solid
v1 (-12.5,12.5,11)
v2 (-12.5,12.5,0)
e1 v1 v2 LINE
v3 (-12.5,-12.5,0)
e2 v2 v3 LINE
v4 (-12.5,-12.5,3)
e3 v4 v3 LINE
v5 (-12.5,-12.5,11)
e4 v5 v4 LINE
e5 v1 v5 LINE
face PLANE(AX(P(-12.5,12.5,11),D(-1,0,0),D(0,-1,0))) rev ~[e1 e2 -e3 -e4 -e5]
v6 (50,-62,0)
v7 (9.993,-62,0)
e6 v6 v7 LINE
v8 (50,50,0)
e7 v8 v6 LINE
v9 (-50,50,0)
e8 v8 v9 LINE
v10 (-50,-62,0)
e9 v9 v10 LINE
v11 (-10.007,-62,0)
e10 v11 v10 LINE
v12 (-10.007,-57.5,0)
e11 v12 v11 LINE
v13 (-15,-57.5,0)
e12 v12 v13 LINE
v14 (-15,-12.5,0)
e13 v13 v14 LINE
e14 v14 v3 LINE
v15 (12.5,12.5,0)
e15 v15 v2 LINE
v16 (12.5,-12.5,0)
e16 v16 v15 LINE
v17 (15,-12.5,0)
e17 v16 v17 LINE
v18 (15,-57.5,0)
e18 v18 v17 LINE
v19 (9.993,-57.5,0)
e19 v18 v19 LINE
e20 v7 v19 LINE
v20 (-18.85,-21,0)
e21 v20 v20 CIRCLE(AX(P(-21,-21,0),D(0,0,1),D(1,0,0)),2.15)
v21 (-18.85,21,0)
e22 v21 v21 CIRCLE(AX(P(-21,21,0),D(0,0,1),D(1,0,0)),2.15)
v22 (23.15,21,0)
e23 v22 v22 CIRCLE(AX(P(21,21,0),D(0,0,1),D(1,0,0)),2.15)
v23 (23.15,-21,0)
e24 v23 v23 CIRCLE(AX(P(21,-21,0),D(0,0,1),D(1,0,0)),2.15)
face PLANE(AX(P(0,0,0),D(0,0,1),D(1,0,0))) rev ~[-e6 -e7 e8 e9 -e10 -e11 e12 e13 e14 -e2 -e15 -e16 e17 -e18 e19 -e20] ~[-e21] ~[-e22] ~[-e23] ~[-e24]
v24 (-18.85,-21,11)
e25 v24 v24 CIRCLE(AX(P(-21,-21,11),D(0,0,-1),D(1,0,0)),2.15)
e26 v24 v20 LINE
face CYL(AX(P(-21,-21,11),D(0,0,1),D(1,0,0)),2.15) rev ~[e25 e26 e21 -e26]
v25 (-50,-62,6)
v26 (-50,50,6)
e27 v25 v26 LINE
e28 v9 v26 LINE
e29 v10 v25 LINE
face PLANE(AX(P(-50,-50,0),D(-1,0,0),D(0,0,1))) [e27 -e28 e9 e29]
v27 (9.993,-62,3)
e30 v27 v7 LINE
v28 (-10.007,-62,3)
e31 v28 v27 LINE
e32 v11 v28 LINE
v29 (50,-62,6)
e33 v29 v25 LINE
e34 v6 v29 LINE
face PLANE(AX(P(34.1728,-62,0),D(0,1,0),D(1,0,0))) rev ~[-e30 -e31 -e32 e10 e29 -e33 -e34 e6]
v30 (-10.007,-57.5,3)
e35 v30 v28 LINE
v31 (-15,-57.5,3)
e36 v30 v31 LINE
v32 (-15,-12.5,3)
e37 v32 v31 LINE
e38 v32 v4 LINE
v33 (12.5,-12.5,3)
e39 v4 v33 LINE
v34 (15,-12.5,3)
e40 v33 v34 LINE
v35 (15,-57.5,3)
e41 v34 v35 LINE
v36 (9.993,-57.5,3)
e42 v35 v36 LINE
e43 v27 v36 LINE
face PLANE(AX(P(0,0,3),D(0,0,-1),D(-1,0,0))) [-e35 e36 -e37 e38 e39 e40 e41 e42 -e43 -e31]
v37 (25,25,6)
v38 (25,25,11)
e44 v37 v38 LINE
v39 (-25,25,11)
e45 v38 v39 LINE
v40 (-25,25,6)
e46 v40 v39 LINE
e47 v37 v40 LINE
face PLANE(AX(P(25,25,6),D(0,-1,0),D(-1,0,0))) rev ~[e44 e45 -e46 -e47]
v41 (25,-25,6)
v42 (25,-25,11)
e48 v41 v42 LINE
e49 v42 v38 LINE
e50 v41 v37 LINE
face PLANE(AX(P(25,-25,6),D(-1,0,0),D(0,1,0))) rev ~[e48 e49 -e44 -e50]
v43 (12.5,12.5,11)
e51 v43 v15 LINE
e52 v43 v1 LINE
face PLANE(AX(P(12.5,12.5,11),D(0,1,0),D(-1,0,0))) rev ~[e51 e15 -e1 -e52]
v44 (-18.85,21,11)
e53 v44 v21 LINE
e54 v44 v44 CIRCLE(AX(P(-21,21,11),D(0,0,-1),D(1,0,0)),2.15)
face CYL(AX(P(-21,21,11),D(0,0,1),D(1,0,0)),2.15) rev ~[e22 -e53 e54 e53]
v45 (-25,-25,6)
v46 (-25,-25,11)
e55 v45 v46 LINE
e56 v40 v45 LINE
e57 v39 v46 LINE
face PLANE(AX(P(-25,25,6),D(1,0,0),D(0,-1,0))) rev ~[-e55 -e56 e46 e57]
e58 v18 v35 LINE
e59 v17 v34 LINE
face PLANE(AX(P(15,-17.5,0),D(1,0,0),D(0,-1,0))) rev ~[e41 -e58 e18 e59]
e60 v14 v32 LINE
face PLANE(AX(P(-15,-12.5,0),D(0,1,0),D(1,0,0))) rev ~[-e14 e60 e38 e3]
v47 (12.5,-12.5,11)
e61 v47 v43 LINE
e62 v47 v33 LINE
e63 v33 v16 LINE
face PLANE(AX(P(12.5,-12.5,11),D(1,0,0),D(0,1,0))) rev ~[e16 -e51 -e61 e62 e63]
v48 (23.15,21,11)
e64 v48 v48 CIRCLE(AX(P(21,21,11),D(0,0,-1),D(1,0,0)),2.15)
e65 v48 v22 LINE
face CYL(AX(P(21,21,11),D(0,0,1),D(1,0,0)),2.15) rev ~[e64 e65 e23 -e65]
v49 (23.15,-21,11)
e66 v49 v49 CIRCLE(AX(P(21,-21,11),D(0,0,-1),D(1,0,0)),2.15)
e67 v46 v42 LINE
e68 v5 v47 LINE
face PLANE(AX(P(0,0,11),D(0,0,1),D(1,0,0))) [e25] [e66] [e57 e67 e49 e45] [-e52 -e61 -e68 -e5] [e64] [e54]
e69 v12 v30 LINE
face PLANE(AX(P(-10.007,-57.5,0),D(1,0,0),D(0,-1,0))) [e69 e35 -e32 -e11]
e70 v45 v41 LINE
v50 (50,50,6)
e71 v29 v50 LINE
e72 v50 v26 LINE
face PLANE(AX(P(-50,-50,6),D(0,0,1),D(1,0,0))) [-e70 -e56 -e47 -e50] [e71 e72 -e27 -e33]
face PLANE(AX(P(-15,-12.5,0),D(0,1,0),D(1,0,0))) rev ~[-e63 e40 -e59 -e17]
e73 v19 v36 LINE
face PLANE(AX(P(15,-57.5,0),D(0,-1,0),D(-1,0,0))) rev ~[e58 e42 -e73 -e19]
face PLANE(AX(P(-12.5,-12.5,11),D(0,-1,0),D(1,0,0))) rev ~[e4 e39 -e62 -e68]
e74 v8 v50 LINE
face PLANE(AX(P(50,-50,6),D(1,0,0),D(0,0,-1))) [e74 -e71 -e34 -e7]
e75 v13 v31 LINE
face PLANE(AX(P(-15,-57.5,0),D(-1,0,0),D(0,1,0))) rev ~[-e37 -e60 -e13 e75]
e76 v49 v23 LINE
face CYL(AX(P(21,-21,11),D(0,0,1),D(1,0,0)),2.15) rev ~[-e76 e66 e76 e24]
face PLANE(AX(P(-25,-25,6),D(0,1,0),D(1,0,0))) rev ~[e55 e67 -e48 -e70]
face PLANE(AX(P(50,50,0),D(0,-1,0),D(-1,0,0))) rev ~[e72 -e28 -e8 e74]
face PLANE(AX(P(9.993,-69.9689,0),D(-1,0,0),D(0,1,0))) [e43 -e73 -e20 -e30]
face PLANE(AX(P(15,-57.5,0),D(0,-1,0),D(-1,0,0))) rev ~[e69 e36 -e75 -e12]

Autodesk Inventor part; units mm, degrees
ref_plane "YZ Plane" through (0, 0, 0) normal (1, 0, 0) x (0, 1, 0)
ref_plane "XZ Plane" through (0, 0, 0) normal (0, 1, 0) x (-1, 0, 0)
ref_plane "XY Plane" through (0, 0, 0) normal (0, 0, 1) x (1, 0, 0)
sketch "草图1" plane through (0, 0, 0) normal (0, 0, 1) x (1, 0, 0)
  line L0 (-50, -50) -> (50, -50)
  line L1 (50, -50) -> (50, 50)
  line L2 (50, 50) -> (-50, 50)
  line L3 (-50, 50) -> (-50, -50)
  line L4 (-50, -50) -> (50, 50) construction
  line L5 (50, -50) -> (-50, 50) construction
  point P0 (0, 0)
  dimension "d0" = 100
  dimension "d1" = 100
extrude "拉伸1" add sketch "草图1" along normal blind 6
sketch "草图2" plane through (0, 0, 6) normal (0, 0, 1) x (1, 0, 0)
  line L0 (-25, -25) -> (25, -25)
  line L1 (25, -25) -> (25, 25)
  line L2 (25, 25) -> (-25, 25)
  line L3 (-25, 25) -> (-25, -25)
  line L4 (-25, -25) -> (25, 25) construction
  line L5 (25, -25) -> (-25, 25) construction
  point P0 (0, 0)
  dimension "d4" = 50
  dimension "d5" = 50
extrude "拉伸2" add sketch "草图2" along normal blind 5
sketch "草图3" plane through (0, 0, 11) normal (0, 0, 1) x (1, 0, 0)
  line L0 (-17.5, -17.5) -> (17.5, -17.5)
  line L1 (17.5, -17.5) -> (17.5, 17.5)
  line L2 (17.5, 17.5) -> (-17.5, 17.5)
  line L3 (-17.5, 17.5) -> (-17.5, -17.5)
  line L4 (-17.5, -17.5) -> (17.5, 17.5) construction
  line L5 (17.5, -17.5) -> (-17.5, 17.5) construction
  point P0 (0, 0)
  dimension "d8" = 35
  dimension "d9" = 35
extrude "拉伸3" cut sketch "草图3" against normal through all
sketch "草图4" plane through (0, 0, 11) normal (0, 0, 1) x (1, 0, 0)
  line L0 (-21, -21) -> (21, -21)
  line L1 (21, -21) -> (21, 21)
  line L2 (21, 21) -> (-21, 21)
  line L3 (-21, 21) -> (-21, -21)
  line L4 (-21, -21) -> (21, 21) construction
  line L5 (21, -21) -> (-21, 21) construction
  circle A0 centre (21, 21) radius 2.15
  circle A1 centre (-21, 21) radius 2.15
  circle A2 centre (21, -21) radius 2.15
  circle A3 centre (-21, -21) radius 2.15
  point P0 (0, 0)
  dimension "d12" = 42
  dimension "d13" = 42
  dimension "d14" = 4.3
  dimension "d15" = 4.3
  dimension "d16" = 4.3
  dimension "d17" = 4.3
extrude "拉伸4" cut sketch "草图4" against normal through all contours L3 A3 L0 | L0 A3 L3 | A2 L1 L0 | L0 L1 A2 | A1 L2 L3 | L3 L2 A1 | A0 L2 L1 | L1 L2 A0
sketch "草图5" plane through (0, 0, 0) normal (0, 0, -1) x (-1, 0, 0)
  line L0 (15, 22.5) -> (-15, 22.5)
  line L1 (-15, -17.5) -> (-15, -57.5)
  line L2 (-15, -57.5) -> (15, -57.5)
  line L3 (15, -57.5) -> (15, -17.5)
  line L4 (17.5, -17.5) -> (-17.5, -17.5) projected
  line L5 (15, 22.5) -> (-15, -57.5) construction
  line L6 (-15, 22.5) -> (15, -57.5) construction
  line L7 (-15, -17.5) -> (15, -17.5)
  line L8 (12.5, -12.5) -> (-12.5, -12.5)
  line L9 (-12.5, -12.5) -> (-12.5, 12.5)
  line L10 (-12.5, 12.5) -> (12.5, 12.5)
  line L11 (12.5, 12.5) -> (12.5, -12.5)
  line L12 (12.5, -12.5) -> (-12.5, 12.5) construction
  line L13 (-12.5, -12.5) -> (12.5, 12.5) construction
  line L14 (17.5, -17.5) -> (-17.5, -17.5)
  line L15 (-17.5, -17.5) -> (-17.5, 17.5)
  line L16 (-17.5, 17.5) -> (17.5, 17.5)
  line L17 (17.5, 17.5) -> (17.5, -17.5)
  line L18 (17.5, -17.5) -> (-17.5, 17.5) construction
  line L19 (-17.5, -17.5) -> (17.5, 17.5) construction
  point P0 (0, 0)
  point P1 (0, -17.5)
  dimension "d20" = 30
  dimension "d21" = 80
  dimension "d22" = 30
  dimension "d23" = 40
  dimension "d31" = 25
  dimension "d32" = 25
sketch "草图6" plane through (-50, -50, 0) normal (0, -1, 0) x (1, 0, 0)
  line L0 (0, 0) -> (0, 6) projected
  line L1 (100, 0) -> (0, 0)
  line L2 (0, 0) -> (0, 6)
  line L3 (0, 6) -> (100, 6)
  line L4 (100, 6) -> (100, 0)
  point P0 (50, 0)
extrude "拉伸5" add sketch "草图6" along normal blind 15
sketch "草图7" plane through (0, 0, 0) normal (0, 0, -1) x (-1, 0, 0)
  point P0 (0, 0)
extrude "拉伸6" cut sketch "草图5" against normal blind 3 contours L4 L3 L2 L1
sketch "草图8" plane through (0, 0, 0) normal (0, 0, -1) x (-1, 0, 0)
  line L0 (15, -57.5) -> (-15, -57.5) projected
  line L1 (-9.993, -57.5) -> (10.007, -57.5)
  line L2 (10.007, -57.5) -> (10.007, -69.9689)
  line L3 (10.007, -69.9689) -> (-9.993, -69.9689)
  line L4 (-9.993, -69.9689) -> (-9.993, -57.5)
  line L5 (10.007, -69.9689) -> (0.007, -69.9689)
  point P0 (0, 0)
  dimension "d28" = 20
extrude "拉伸7" cut sketch "草图8" against normal blind 3
sketch "草图9" plane through (0, 0, 11) normal (0, 0, 1) x (1, 0, 0)
  line L0 (17.5, 17.5) -> (17.5, -17.5) projected
  line L1 (-17.5, -17.5) -> (17.5, -17.5)
  line L2 (17.5, -17.5) -> (17.5, 17.5)
  line L3 (17.5, 17.5) -> (-17.5, 17.5)
  line L4 (-17.5, 17.5) -> (-17.5, -17.5)
  line L5 (-17.5, -17.5) -> (17.5, 17.5) construction
  line L6 (17.5, -17.5) -> (-17.5, 17.5) construction
  line L7 (-12.5, -12.5) -> (12.5, -12.5)
  line L8 (12.5, -12.5) -> (12.5, 12.5)
  line L9 (12.5, 12.5) -> (-12.5, 12.5)
  line L10 (-12.5, 12.5) -> (-12.5, -12.5)
  line L11 (-12.5, -12.5) -> (12.5, 12.5) construction
  line L12 (12.5, -12.5) -> (-12.5, 12.5) construction
  point P0 (0, 0)
  dimension "d33" = 25
  dimension "d34" = 25
extrude "拉伸8" add sketch "草图9" against normal blind 11
sketch "草图10" plane through (0, 0, 0) normal (0, 0, -1) x (-1, 0, 0)
  line L0 (-15, -57.5) -> (-15, -17.5) projected
  line L1 (-15, -17.5) -> (15, -17.5)
  line L2 (15, -17.5) -> (15, -12.5)
  line L3 (15, -12.5) -> (-15, -12.5)
  line L4 (-15, -12.5) -> (-15, -17.5)
  point P0 (0, 0)
  dimension "d37" = 5
extrude "拉伸9" cut sketch "草图10" against normal blind 3
sketch "草图11" plane through (0, 0, 0) normal (0, 0, -1) x (-1, 0, 0)
  line L0 (-50, -65) -> (-50, 50) projected
  line L1 (-50, -65) -> (-34.1728, -65)
  line L2 (-34.1728, -65) -> (-34.1728, -62)
  line L3 (-34.1728, -62) -> (-50, -62)
  line L4 (-50, -62) -> (-50, -65)
  line L5 (50, 50) -> (50, -65) projected
  line L6 (-50, -65) -> (50, -65)
  line L7 (50, -65) -> (50, -62)
  line L8 (50, -62) -> (-50, -62)
  line L9 (-50, -62) -> (-50, -65)
  point P0 (0, 0)
  dimension "d40" = 3
extrude "拉伸10" cut sketch "草图11" against normal blind 11
properties part number "11"
